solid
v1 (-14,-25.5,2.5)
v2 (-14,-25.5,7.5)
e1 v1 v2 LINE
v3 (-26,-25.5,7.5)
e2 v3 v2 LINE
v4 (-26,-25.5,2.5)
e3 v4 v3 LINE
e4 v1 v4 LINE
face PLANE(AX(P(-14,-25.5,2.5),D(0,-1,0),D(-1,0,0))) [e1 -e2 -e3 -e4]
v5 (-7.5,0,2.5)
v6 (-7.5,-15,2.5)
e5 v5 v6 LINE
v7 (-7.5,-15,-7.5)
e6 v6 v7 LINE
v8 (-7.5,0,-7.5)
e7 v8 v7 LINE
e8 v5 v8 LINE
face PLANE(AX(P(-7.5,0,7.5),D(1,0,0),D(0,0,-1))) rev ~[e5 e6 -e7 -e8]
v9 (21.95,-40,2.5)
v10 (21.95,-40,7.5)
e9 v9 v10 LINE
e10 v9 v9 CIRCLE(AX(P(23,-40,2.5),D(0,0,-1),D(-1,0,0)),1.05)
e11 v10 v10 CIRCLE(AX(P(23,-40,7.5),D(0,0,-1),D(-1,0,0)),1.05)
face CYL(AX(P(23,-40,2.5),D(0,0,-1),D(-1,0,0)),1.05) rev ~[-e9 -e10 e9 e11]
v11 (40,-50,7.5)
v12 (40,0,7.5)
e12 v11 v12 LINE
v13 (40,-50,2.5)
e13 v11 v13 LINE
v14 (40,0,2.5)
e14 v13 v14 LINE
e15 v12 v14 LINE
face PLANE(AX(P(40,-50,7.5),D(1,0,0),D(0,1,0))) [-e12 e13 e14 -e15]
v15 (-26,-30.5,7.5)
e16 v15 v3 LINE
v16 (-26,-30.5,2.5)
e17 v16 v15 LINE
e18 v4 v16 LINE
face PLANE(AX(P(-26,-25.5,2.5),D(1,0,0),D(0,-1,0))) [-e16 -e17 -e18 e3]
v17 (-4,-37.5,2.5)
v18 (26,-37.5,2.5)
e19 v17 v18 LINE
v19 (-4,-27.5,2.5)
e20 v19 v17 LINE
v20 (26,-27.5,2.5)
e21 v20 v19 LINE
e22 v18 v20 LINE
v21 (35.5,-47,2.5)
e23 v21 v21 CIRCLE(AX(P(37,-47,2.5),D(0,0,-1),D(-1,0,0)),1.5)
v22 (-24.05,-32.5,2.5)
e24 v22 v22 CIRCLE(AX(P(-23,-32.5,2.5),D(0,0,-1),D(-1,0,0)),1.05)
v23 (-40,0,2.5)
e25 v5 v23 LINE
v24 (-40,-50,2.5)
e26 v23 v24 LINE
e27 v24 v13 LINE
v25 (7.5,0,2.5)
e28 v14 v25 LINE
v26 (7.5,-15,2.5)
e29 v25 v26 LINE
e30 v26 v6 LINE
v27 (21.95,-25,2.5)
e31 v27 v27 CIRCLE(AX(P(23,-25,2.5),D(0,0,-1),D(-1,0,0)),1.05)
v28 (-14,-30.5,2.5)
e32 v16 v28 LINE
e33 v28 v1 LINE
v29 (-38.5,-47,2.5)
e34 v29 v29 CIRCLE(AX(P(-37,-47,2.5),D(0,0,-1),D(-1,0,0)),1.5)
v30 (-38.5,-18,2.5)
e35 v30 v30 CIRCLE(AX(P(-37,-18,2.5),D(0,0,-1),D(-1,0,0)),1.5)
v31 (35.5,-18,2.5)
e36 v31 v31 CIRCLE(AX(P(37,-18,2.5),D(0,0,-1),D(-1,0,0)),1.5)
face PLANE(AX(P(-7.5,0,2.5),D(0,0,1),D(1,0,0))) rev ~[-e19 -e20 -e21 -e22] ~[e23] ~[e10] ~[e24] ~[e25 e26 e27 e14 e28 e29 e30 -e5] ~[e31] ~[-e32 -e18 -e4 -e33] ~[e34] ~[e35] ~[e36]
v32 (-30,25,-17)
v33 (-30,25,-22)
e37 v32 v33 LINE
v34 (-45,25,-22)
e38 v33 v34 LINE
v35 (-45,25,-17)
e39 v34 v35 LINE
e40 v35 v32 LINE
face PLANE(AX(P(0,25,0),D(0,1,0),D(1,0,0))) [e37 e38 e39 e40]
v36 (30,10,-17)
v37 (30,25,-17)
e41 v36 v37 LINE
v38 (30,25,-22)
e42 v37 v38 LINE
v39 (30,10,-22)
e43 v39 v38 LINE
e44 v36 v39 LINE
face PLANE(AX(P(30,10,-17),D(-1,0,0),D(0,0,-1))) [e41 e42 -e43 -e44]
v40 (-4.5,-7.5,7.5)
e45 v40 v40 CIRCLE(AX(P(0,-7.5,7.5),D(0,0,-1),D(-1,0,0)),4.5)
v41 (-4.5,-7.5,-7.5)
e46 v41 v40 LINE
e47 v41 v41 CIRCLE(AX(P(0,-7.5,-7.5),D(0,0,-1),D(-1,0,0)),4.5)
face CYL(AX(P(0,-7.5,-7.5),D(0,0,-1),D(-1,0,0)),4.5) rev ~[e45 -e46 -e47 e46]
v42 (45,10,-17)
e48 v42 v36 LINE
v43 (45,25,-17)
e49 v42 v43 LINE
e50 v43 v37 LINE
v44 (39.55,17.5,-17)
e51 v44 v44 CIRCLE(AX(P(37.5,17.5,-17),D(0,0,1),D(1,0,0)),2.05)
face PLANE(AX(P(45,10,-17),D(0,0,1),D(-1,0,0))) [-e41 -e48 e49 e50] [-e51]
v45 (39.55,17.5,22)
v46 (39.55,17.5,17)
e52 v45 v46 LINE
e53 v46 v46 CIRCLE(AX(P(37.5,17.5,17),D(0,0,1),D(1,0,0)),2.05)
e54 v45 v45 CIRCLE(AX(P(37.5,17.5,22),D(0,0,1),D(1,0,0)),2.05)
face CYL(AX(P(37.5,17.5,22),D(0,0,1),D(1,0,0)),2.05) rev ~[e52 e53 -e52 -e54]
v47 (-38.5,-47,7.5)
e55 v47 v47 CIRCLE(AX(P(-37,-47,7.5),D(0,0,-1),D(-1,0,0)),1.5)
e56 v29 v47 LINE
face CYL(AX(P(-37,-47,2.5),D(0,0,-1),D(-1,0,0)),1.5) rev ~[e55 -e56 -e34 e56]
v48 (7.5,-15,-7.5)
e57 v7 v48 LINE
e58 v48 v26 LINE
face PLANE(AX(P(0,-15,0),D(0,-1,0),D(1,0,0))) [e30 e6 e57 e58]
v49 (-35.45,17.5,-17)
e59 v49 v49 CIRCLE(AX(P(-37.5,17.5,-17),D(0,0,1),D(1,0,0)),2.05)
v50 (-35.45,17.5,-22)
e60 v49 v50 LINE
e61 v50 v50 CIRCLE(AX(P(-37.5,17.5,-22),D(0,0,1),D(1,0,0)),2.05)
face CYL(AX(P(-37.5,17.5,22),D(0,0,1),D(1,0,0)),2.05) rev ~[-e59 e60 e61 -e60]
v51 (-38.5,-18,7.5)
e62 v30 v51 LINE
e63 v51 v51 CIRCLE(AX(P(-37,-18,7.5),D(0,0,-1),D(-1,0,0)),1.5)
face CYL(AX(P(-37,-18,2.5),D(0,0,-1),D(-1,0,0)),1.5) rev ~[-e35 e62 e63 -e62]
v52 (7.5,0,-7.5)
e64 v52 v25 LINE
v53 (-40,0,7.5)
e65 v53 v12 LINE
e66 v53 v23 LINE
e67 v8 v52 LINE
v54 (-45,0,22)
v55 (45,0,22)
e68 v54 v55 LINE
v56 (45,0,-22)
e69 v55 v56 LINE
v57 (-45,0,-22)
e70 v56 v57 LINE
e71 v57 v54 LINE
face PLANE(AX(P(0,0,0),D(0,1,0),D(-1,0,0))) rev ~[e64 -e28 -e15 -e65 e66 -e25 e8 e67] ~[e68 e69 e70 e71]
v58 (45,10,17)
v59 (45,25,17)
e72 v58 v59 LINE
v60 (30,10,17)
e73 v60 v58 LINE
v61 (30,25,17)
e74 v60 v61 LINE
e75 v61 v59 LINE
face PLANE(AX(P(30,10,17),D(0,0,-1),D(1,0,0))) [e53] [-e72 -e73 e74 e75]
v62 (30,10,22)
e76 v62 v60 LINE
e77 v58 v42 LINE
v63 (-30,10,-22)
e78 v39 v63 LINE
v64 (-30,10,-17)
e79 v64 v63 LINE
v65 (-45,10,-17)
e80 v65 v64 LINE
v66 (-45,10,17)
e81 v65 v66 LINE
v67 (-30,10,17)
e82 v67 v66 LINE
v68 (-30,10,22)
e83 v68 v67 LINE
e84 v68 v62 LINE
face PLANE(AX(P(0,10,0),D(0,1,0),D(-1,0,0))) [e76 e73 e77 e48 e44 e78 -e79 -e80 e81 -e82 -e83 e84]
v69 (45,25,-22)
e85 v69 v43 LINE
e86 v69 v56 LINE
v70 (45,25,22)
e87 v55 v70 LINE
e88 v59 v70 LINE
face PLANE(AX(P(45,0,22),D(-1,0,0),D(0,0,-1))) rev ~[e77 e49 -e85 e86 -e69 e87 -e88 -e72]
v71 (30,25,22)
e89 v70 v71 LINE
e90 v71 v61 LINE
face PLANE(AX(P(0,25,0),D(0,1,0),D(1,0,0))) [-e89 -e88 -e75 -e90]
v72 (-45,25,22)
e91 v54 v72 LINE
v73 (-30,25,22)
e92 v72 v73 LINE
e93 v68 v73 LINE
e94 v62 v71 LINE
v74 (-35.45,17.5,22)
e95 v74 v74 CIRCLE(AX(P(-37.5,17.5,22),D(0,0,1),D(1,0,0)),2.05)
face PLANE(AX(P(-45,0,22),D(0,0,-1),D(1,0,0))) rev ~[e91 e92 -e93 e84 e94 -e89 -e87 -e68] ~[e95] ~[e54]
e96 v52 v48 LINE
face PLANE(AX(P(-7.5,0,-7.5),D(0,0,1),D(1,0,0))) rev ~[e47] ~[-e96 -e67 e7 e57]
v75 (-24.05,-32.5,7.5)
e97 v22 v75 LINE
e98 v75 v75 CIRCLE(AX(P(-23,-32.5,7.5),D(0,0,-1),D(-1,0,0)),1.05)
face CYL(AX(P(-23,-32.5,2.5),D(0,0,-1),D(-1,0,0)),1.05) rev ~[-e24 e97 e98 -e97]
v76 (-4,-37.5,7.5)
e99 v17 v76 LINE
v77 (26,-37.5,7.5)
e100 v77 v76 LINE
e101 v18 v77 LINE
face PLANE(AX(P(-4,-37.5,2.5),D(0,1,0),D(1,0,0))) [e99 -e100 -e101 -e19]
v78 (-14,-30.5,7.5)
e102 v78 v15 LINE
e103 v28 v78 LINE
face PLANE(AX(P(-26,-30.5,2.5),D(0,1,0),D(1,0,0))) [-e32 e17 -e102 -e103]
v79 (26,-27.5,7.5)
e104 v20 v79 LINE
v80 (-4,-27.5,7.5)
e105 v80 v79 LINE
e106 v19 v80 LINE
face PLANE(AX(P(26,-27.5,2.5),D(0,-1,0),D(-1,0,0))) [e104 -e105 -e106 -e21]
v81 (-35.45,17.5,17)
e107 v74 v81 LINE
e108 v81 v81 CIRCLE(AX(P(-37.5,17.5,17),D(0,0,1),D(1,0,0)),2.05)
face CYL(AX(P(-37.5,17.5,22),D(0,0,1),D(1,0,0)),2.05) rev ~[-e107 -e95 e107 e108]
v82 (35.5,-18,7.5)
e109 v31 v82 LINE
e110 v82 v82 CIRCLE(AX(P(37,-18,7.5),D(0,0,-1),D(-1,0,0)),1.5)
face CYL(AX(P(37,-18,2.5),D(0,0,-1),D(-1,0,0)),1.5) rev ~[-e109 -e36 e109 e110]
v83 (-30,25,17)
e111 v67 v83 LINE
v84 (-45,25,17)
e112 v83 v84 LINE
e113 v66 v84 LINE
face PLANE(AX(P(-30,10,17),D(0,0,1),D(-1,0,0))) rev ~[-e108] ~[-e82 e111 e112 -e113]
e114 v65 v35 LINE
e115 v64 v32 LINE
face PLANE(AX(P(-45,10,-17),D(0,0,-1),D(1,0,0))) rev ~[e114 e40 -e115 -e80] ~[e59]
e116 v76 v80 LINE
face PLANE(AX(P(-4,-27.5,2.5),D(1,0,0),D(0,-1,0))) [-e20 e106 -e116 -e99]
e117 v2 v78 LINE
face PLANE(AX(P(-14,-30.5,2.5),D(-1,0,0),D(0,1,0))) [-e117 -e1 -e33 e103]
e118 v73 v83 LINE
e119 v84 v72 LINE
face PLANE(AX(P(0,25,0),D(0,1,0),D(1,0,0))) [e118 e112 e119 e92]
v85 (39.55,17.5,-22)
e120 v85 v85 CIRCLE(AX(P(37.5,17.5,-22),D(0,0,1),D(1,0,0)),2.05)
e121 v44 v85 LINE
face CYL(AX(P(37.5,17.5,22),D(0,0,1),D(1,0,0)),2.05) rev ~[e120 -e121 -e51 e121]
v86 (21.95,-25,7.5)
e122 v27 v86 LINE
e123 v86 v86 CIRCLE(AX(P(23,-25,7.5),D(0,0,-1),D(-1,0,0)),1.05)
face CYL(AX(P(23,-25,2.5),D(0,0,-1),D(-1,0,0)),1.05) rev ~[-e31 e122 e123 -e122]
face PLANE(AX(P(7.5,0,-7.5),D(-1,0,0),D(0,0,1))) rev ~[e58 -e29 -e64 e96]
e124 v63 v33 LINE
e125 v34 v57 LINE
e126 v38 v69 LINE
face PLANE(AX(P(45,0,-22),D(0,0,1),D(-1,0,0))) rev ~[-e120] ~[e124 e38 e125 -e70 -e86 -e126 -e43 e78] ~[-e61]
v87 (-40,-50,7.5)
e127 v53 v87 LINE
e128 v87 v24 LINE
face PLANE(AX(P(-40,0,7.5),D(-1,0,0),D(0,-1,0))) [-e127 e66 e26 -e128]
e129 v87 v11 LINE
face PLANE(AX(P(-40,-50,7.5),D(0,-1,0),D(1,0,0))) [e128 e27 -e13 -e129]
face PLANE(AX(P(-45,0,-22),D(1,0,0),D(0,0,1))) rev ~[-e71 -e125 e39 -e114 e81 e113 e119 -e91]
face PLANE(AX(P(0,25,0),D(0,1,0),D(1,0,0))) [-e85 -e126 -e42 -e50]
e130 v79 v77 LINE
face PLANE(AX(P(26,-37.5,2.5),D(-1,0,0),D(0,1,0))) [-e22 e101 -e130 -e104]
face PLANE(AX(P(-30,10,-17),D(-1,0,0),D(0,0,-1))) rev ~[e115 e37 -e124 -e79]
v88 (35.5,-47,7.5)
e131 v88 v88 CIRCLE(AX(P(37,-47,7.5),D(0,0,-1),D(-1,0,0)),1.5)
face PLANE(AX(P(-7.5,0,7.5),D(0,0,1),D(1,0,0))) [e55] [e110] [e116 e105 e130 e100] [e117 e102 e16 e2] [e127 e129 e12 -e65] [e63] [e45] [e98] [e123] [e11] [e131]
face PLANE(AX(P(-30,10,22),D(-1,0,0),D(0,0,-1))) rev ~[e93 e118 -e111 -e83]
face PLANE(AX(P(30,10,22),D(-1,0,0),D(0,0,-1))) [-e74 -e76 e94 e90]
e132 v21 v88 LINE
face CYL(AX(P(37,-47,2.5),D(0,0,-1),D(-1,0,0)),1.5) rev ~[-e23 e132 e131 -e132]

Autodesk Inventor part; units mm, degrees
ref_plane "YZ Plane" through (0, 0, 0) normal (1, 0, 0) x (0, 1, 0)
ref_plane "XZ Plane" through (0, 0, 0) normal (0, 1, 0) x (-1, 0, 0)
ref_plane "XY Plane" through (0, 0, 0) normal (0, 0, 1) x (1, 0, 0)
sketch "Sketch1" plane through (0, 0, 0) normal (0, 1, 0) x (-1, 0, 0)
  line L0 (45, 22) -> (-45, 22)
  line L1 (-45, 22) -> (-45, -22)
  line L2 (-45, -22) -> (45, -22)
  line L3 (45, -22) -> (45, 22)
  line L4 (45, 22) -> (-45, -22) construction
  line L5 (-45, 22) -> (45, -22) construction
  point P0 (0, 0)
  dimension "d0" = 90
  dimension "d1" = 44
extrude "Extrusion1" add sketch "Sketch1" along normal blind 10
sketch "Sketch2" plane through (0, 10, 0) normal (0, 1, 0) x (1, 0, 0)
  line L0 (45, -22) -> (30, -22)
  line L1 (30, -22) -> (30, -17)
  line L2 (30, -17) -> (45, -17)
  line L3 (45, -17) -> (45, -22)
  line L4 (45, 17) -> (30, 17)
  line L5 (30, 17) -> (30, 22)
  line L6 (30, 22) -> (45, 22)
  line L7 (45, 22) -> (45, 17)
  line L8 (-45, -22) -> (-30, -22)
  line L9 (-30, -22) -> (-30, -17)
  line L10 (-30, -17) -> (-45, -17)
  line L11 (-45, -17) -> (-45, -22)
  line L12 (-45, 17) -> (-30, 17)
  line L13 (-30, 17) -> (-30, 22)
  line L14 (-30, 22) -> (-45, 22)
  line L15 (-45, 22) -> (-45, 17)
  line L16 (-45, 22) -> (-45, -22) projected
  line L17 (-45, -22) -> (45, -22) projected
  line L18 (45, 22) -> (-45, 22) projected
  line L19 (45, -22) -> (45, 22) projected
  point P0 (0, 0)
  dimension "d4" = 5
  dimension "d5" = 5
  dimension "d6" = 5
  dimension "d7" = 5
  dimension "d8" = 15
  dimension "d9" = 15
  dimension "d10" = 15
  dimension "d11" = 15
extrude "Extrusion2" add sketch "Sketch2" along normal blind 15 contours L0 L1 L2 L3 | L8 L11 L10 L9 | L4 L5 L6 L7 | L15 L14 L13 L12
sketch "Sketch3" plane through (-45, 0, 22) normal (0, 0, 1) x (1, 0, 0)
  circle A0 centre (82.5, 17.5) radius 2.05
  circle A1 centre (7.5, 17.5) radius 2.05
  line L0 (75, 25) -> (90, 25) projected
  line L1 (90, 0) -> (90, 25) projected
  line L2 (0, 25) -> (15, 25) projected
  line L3 (15, 10) -> (15, 25) projected
  point P0 (45, 0)
  point P1 (15, 17.5)
  dimension "d14" = 4.1
  dimension "d15" = 4.1
  dimension "d16" = 7.5
  dimension "d17" = 7.5
  dimension "d18" = 7.5
  dimension "d19" = 7.5
extrude "Extrusion3" cut sketch "Sketch3" against normal through all
sketch "Sketch6" plane through (0, 0, 0) normal (0, -1, 0) x (1, 0, 0)
  line L0 (-7.5, -7.5) -> (7.5, -7.5)
  line L1 (7.5, -7.5) -> (7.5, 7.5)
  line L2 (7.5, 7.5) -> (-7.5, 7.5)
  line L3 (-7.5, 7.5) -> (-7.5, -7.5)
  line L4 (-7.5, -7.5) -> (7.5, 7.5) construction
  line L5 (7.5, -7.5) -> (-7.5, 7.5) construction
  point P0 (0, 0)
  dimension "d27" = 15
  dimension "d28" = 15
extrude "Extrusion5" add sketch "Sketch6" along normal blind 15
sketch "Sketch7" plane through (7.5, 0, -7.5) normal (0, 0, -1) x (-1, 0, 0)
  circle A0 centre (7.5, -7.5) radius 4.5
  line L0 (-37.5, 0) -> (52.5, 0) projected
  line L1 (0, 0) -> (0, -15) projected
  point P0 (7.5, 0)
  dimension "d31" = 9
  dimension "d32" = 7.5
  dimension "d33" = 7.5
extrude "Extrusion6" cut sketch "Sketch7" against normal through all
sketch "Sketch8" plane through (-7.5, 0, 7.5) normal (0, 0, 1) x (1, 0, 0)
  line L0 (47.5, 0) -> (-32.5, 0)
  line L1 (-32.5, 0) -> (-32.5, -50)
  line L2 (-32.5, -50) -> (47.5, -50)
  line L3 (47.5, -50) -> (47.5, 0)
  line L4 (-37.5, 0) -> (52.5, 0) projected
  line L5 (0, 0) -> (0, -15) projected
  line L6 (15, -15) -> (0, -15) projected
  line L7 (15, 0) -> (15, -15) projected
  circle A0 centre (7.5, -7.5) radius 4.5 projected
  line L8 (0, 0) -> (15, 0) projected
  line L9 (0, 0) -> (0, -15) projected
  line L10 (15, -15) -> (0, -15) projected
  line L11 (15, 0) -> (15, -15) projected
  point P0 (7.5, 0)
  point P1 (7.5, 0)
  dimension "d36" = 50
  dimension "d37" = 80
  dimension "d38" = 40
extrude "Extrusion7" add sketch "Sketch8" against normal blind 5 contours L3 L2 L1 L0 L5 L6 L7
sketch "Sketch10" plane through (-7.5, 0, 2.5) normal (0, 0, -1) x (-1, 0, 0)
  circle A0 centre (29.5, -47) radius 1.5
  circle A1 centre (-44.5, -47) radius 1.5
  circle A2 centre (29.5, -18) radius 1.5
  circle A3 centre (-44.5, -18) radius 1.5
  line L0 (-47.5, -50) -> (32.5, -50) projected
  line L1 (-47.5, 0) -> (-47.5, -50) projected
  line L2 (32.5, -50) -> (32.5, 0) projected
  point P0 (-7.5, 0)
  dimension "d58" = 3
  dimension "d59" = 3
  dimension "d60" = 3
  dimension "d61" = 3
  dimension "d62" = 3
  dimension "d63" = 3
  dimension "d64" = 3
  dimension "d65" = 3
  dimension "d66" = 29
  dimension "d67" = 29
  dimension "d68" = 3
  dimension "d69" = 3
extrude "Extrusion9" cut sketch "Sketch10" against normal blind 5
sketch "Sketch11" plane through (-7.5, 0, 2.5) normal (0, 0, -1) x (-1, 0, 0)
  circle A0 centre (-30.5, -40) radius 1.05
  circle A1 centre (15.5, -32.5) radius 1.05
  circle A2 centre (-30.5, -25) radius 1.05
  line L0 (-47.5, 0) -> (-47.5, -50) projected
  line L1 (-47.5, -50) -> (32.5, -50) projected
  point P0 (-7.5, 0)
  dimension "d75" = 2.1
  dimension "d76" = 2.1
  dimension "d77" = 2.1
  dimension "d78" = 46
  dimension "d79" = 7.5
  dimension "d80" = 7.5
  dimension "d81" = 17
  dimension "d82" = 0
  dimension "d83" = 10
extrude "Extrusion10" cut sketch "Sketch11" against normal through all
sketch "Sketch12" plane through (-7.5, 0, 2.5) normal (0, 0, -1) x (-1, 0, 0)
  line L0 (-3.5, -37.5) -> (-33.5, -37.5)
  line L1 (-33.5, -37.5) -> (-33.5, -27.5)
  line L2 (-33.5, -27.5) -> (-3.5, -27.5)
  line L3 (-3.5, -27.5) -> (-3.5, -37.5)
  line L4 (0, -15) -> (-15, -15) projected
  line L5 (-47.5, 0) -> (-47.5, -50) projected
  point P0 (-7.5, 0)
  dimension "d86" = 30
  dimension "d87" = 10
  dimension "d88" = 12.5
  dimension "d89" = 14
extrude "Extrusion11" cut sketch "Sketch12" against normal blind 10
sketch "Sketch13" plane through (-7.5, 0, 2.5) normal (0, 0, -1) x (-1, 0, 0)
  line L0 (18.5, -30.5) -> (6.5, -30.5)
  line L1 (6.5, -30.5) -> (6.5, -25.5)
  line L2 (6.5, -25.5) -> (18.5, -25.5)
  line L3 (18.5, -25.5) -> (18.5, -30.5)
  circle A0 centre (15.5, -32.5) radius 1.05 projected
  line L4 (-3.5, -27.5) -> (-3.5, -37.5) projected
  point P0 (-7.5, 0)
  dimension "d92" = 5
  dimension "d93" = 2
  dimension "d94" = 3
  dimension "d97" = 12
extrude "Extrusion12" cut sketch "Sketch13" against normal through all contours L0 L1 L2 L3
properties part number "rail_top" material "ABS Plastic"
